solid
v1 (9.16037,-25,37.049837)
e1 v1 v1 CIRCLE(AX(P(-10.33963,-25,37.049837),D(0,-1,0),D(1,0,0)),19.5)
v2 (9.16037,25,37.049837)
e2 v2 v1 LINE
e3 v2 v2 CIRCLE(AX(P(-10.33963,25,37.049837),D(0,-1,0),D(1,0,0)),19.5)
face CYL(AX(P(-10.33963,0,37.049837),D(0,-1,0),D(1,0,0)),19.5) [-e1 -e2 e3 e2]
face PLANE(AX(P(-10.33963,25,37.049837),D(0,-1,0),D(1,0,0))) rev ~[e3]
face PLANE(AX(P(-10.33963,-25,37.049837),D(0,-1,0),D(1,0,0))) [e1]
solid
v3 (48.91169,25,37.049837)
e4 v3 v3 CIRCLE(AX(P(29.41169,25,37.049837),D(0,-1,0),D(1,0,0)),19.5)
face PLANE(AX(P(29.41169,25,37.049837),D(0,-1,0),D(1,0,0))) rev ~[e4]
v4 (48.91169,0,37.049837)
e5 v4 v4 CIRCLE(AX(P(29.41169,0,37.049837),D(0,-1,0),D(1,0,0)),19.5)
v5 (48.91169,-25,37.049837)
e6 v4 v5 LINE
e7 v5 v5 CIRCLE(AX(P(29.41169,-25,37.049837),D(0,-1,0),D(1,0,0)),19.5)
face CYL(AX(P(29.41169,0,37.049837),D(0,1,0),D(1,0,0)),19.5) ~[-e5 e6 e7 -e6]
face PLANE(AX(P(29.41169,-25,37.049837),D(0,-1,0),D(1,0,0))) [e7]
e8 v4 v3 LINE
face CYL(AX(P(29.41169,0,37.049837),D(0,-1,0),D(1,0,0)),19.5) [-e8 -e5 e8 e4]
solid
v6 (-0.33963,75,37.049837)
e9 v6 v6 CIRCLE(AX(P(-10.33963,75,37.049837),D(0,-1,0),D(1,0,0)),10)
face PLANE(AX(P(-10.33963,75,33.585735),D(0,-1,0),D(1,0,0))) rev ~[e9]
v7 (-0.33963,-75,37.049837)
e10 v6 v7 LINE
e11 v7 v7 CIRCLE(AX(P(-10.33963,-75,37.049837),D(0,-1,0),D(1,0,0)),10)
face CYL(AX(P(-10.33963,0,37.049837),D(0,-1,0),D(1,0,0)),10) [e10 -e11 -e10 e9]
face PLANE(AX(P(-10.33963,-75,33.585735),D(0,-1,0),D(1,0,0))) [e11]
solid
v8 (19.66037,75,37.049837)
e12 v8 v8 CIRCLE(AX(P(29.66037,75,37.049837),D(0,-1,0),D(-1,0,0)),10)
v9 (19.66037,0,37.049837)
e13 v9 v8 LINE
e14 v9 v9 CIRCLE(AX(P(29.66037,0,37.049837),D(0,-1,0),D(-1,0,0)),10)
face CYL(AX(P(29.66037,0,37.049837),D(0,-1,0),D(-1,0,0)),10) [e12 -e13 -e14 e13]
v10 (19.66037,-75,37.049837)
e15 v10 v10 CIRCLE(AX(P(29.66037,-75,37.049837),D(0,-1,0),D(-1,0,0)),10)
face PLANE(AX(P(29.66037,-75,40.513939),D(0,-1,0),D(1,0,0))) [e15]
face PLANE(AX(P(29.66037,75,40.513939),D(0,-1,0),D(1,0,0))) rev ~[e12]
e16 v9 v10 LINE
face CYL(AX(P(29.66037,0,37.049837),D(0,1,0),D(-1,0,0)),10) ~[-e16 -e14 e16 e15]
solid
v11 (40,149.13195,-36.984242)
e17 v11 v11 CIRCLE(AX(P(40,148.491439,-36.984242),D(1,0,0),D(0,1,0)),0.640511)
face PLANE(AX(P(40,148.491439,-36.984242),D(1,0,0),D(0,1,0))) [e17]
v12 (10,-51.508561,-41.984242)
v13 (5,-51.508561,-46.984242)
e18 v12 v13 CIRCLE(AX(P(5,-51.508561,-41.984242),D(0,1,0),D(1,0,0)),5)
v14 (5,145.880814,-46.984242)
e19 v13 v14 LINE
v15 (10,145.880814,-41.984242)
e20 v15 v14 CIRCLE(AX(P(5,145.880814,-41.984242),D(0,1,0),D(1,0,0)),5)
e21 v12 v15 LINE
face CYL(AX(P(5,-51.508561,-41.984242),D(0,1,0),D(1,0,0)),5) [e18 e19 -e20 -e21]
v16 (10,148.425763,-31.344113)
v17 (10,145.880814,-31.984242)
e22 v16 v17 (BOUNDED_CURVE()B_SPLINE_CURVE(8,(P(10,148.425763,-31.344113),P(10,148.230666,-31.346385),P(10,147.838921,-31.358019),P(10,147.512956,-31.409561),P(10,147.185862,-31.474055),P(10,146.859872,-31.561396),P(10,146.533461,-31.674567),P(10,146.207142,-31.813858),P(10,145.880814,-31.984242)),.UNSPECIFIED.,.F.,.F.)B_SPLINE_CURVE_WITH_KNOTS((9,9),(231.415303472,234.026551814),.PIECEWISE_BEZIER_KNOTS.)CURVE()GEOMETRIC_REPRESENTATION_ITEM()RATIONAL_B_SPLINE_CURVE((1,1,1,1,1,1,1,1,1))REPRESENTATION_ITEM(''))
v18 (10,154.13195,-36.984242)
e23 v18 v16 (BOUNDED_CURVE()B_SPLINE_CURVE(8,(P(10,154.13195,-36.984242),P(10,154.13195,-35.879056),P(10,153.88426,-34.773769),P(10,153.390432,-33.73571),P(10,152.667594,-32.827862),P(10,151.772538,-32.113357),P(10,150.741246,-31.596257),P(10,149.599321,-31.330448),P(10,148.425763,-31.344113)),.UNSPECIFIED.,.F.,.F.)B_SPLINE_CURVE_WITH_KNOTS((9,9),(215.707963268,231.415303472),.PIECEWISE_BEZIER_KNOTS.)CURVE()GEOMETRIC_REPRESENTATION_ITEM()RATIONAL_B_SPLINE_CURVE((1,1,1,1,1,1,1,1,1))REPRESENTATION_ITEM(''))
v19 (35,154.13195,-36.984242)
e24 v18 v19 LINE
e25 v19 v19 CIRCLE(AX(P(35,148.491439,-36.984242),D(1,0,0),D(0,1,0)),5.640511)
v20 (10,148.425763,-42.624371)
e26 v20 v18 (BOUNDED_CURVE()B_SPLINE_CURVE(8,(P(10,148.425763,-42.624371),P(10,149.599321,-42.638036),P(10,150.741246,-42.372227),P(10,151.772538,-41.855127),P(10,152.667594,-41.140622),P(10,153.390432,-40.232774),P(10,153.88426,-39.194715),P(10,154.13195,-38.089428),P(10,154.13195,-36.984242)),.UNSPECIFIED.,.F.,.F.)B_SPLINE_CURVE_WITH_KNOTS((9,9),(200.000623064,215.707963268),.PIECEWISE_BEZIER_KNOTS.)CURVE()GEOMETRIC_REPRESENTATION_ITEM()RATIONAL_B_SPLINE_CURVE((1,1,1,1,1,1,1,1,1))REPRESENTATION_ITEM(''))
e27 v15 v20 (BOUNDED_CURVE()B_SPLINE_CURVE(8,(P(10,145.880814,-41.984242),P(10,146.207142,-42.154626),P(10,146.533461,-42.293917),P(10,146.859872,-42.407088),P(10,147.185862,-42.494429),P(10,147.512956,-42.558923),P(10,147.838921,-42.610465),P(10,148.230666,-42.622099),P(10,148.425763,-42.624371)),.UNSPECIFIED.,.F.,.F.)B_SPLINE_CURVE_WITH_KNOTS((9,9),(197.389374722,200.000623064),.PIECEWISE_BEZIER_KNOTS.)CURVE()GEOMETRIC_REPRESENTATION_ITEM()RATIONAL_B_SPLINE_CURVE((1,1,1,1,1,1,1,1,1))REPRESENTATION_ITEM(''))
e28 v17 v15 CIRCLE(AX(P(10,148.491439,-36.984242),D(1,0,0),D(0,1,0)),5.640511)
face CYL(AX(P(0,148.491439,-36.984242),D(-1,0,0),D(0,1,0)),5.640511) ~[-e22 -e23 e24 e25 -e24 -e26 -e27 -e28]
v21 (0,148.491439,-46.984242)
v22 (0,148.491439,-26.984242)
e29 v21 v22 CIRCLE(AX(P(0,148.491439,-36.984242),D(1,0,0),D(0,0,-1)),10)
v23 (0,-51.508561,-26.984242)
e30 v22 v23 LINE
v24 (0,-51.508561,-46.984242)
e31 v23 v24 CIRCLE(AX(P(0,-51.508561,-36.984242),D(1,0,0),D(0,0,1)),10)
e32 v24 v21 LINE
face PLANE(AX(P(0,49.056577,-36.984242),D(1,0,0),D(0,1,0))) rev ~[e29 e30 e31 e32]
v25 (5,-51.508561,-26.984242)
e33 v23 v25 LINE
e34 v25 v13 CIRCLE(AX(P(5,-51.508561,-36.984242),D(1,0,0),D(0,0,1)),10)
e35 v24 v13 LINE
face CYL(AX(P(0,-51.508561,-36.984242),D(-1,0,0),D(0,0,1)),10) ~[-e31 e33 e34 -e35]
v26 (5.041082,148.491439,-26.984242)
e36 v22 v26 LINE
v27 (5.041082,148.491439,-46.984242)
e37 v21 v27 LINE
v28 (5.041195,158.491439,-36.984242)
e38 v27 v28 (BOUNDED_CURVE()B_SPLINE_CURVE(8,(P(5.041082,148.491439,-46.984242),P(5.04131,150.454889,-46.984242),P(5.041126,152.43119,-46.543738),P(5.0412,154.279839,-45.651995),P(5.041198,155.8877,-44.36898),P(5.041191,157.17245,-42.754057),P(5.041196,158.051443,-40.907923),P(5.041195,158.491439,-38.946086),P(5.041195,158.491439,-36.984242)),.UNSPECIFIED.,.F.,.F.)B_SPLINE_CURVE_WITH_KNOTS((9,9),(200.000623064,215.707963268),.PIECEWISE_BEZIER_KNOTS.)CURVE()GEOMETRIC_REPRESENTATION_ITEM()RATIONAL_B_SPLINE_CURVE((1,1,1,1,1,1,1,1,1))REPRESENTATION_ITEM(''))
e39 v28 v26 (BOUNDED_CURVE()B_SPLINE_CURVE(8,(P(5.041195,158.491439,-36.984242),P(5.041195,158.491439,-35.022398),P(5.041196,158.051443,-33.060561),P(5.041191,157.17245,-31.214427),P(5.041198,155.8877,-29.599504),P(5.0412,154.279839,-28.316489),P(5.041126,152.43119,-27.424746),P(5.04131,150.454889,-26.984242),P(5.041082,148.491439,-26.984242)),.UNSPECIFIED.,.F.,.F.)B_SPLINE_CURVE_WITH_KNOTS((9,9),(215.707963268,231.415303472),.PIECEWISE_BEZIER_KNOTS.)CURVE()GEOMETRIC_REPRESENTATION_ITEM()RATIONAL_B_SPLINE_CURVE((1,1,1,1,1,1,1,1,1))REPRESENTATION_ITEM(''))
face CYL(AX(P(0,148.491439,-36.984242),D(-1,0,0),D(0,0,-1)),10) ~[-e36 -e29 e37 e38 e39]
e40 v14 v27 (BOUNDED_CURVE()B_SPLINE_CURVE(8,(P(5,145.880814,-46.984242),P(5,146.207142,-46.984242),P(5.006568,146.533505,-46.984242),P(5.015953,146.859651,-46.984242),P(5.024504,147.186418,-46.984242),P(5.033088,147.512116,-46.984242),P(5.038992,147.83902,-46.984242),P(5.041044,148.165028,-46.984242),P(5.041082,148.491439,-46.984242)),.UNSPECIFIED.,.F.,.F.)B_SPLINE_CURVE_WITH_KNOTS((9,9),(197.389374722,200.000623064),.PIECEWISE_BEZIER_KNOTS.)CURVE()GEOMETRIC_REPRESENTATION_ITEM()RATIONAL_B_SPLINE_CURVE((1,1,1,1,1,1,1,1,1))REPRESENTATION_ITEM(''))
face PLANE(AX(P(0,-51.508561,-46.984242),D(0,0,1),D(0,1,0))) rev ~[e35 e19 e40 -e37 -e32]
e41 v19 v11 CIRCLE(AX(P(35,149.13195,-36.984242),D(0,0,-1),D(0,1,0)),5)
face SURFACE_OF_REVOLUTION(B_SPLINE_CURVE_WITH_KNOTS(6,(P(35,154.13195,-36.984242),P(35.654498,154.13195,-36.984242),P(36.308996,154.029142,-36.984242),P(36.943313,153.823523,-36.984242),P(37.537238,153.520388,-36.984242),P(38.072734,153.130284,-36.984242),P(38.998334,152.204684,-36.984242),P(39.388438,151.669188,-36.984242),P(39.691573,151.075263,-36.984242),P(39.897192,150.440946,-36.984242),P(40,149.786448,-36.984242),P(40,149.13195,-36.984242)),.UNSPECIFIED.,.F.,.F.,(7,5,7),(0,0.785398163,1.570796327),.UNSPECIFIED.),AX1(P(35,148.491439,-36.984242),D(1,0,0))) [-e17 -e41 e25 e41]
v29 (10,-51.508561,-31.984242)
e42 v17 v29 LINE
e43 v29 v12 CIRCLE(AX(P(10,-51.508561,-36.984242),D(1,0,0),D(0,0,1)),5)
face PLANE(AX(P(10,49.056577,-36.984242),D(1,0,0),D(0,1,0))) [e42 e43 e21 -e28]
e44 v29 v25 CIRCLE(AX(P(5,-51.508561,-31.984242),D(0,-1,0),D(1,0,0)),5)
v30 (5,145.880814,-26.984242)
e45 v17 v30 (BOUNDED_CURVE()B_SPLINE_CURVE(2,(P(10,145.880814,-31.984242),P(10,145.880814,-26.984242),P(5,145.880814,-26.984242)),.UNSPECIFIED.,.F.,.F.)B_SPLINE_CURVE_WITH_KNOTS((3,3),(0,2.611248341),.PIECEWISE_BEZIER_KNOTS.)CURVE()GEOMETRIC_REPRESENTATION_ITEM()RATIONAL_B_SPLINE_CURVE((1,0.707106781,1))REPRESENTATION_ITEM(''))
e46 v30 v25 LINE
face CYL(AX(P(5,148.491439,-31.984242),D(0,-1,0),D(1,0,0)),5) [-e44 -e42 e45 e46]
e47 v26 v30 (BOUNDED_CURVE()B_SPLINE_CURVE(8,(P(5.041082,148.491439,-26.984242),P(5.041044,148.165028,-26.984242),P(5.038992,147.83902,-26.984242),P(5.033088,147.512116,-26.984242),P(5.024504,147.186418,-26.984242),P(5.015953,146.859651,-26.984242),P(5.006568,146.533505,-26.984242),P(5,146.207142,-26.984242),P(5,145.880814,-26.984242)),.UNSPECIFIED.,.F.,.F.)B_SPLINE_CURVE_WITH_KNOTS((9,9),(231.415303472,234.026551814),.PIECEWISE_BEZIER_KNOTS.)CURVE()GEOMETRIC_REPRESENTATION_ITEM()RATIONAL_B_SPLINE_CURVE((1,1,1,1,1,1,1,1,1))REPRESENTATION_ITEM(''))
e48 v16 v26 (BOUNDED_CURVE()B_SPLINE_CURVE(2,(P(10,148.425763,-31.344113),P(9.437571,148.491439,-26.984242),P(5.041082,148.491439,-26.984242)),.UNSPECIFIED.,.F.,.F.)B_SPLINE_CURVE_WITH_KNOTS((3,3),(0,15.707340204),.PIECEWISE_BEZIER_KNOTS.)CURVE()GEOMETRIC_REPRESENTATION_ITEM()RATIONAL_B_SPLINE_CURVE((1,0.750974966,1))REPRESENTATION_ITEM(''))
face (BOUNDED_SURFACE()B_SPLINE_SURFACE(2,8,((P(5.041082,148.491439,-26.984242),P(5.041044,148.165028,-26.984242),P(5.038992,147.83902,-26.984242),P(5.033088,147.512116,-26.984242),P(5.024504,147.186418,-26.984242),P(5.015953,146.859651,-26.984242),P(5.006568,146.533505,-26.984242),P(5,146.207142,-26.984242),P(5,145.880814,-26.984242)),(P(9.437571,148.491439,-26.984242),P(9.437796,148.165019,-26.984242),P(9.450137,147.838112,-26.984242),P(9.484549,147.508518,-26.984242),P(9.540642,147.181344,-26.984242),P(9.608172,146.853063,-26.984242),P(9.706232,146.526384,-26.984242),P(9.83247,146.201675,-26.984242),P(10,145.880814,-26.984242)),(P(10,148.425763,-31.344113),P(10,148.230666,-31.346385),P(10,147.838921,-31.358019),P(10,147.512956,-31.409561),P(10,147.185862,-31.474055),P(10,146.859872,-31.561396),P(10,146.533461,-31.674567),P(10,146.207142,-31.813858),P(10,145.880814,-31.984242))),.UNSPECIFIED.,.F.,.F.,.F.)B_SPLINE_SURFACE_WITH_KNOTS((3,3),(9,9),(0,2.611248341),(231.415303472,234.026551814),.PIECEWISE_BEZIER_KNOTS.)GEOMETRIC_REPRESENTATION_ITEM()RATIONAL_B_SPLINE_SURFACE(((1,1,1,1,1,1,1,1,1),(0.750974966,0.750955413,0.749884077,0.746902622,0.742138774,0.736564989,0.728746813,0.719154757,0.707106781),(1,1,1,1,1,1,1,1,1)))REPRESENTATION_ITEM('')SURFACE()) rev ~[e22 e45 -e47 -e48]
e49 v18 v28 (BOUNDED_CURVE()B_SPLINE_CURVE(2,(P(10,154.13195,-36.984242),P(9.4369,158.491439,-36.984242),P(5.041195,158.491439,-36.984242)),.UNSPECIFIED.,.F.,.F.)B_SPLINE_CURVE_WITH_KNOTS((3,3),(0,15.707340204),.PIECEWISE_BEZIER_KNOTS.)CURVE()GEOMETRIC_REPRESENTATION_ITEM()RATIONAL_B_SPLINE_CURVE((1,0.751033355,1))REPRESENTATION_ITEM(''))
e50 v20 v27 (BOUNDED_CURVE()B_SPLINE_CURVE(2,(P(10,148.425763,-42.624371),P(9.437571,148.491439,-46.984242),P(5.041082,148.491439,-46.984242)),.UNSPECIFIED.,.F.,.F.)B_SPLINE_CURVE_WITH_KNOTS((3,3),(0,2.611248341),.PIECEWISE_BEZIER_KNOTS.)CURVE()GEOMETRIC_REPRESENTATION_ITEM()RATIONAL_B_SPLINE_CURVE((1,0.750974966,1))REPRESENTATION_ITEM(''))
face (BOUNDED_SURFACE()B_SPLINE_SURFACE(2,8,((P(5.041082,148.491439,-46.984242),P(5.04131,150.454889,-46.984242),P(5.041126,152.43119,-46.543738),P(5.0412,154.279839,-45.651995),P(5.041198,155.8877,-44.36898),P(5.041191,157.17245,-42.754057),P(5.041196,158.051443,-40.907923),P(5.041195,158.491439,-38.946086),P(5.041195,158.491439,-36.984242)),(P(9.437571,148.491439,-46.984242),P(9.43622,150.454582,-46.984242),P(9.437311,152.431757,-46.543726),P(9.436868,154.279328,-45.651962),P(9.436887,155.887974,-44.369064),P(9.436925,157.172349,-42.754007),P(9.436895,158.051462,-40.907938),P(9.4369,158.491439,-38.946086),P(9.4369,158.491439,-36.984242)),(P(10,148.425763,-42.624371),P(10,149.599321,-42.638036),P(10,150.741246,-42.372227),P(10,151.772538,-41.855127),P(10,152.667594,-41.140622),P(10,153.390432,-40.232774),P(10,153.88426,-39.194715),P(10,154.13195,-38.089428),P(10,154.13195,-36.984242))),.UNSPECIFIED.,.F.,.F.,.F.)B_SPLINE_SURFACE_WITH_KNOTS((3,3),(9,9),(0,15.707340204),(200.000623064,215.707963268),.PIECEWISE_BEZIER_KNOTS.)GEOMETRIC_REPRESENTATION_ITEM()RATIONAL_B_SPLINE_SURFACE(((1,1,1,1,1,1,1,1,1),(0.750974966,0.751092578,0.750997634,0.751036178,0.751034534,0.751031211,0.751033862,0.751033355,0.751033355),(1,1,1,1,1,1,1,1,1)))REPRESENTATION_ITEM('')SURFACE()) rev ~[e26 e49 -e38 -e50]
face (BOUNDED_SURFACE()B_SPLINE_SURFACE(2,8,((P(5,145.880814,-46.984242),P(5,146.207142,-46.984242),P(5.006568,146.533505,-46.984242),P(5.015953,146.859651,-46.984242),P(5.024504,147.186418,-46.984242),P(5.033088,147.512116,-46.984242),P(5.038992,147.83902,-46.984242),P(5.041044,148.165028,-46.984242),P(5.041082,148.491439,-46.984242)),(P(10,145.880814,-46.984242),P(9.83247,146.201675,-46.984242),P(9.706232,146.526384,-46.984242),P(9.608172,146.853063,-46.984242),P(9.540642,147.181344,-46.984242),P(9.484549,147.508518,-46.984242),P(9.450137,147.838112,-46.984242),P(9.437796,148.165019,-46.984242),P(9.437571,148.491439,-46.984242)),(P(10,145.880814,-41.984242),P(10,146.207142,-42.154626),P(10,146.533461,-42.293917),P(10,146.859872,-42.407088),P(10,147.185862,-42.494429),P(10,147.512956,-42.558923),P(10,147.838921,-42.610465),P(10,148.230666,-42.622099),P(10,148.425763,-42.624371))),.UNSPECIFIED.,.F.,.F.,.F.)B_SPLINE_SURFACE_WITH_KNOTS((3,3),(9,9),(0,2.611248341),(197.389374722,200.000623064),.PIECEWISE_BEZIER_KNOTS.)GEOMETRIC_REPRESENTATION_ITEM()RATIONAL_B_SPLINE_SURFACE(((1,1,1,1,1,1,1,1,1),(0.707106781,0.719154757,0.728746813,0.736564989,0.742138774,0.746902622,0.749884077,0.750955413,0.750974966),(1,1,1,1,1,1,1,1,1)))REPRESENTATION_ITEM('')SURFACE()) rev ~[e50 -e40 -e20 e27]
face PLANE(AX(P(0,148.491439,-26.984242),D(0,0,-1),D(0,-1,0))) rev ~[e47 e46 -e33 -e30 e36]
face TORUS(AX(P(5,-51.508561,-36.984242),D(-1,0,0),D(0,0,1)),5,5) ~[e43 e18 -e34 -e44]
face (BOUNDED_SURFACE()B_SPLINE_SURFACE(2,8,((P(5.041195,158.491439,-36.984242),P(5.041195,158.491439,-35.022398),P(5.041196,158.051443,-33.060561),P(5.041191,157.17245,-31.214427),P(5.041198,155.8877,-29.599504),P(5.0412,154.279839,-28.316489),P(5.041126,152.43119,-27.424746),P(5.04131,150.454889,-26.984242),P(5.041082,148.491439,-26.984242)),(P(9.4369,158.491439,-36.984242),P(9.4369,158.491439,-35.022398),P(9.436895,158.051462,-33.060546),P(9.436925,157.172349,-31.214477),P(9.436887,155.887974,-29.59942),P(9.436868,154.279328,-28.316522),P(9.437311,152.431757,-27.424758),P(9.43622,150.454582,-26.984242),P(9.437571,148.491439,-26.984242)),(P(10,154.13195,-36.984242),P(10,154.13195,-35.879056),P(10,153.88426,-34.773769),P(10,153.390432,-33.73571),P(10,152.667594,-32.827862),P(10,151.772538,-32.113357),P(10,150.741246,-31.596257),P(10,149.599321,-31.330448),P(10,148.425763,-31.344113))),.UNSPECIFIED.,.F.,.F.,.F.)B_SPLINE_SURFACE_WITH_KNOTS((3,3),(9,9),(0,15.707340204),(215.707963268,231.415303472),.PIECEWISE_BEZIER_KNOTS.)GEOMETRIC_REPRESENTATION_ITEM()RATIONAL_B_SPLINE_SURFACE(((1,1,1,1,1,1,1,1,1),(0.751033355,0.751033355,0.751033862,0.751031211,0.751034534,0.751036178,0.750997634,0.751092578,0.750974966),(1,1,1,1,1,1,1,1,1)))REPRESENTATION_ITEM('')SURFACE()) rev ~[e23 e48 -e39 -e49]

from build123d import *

# Parameters (mm, degrees)
F1_DEPTH = 75
F2_R     = 19.5
F3_DEPTH = 25
F4_R     = 5.640511
F5_DEPTH = 40
F6_DEPTH = 10
F7_R     = 5


with BuildPart() as f1:
    # F0 (on Front) → F1 (new body, symmetric)
    with BuildSketch(Plane.XZ):
        with BuildLine():
            Line((19.66037, 37.049837), (39.66037, 37.049837))
            ThreePointArc((39.66037, 37.049837), (29.66037, 47.049837), (19.66037, 37.049837))
        make_face()
        with BuildLine():
            ThreePointArc((-20.33963, 37.049837), (-10.33963, 27.049837), (-0.33963, 37.049837))
            Line((-0.33963, 37.049837), (-20.33963, 37.049837))
        make_face()
        with BuildLine():
            Line((-20.33963, 37.049837), (-0.33963, 37.049837))
            ThreePointArc((-0.33963, 37.049837), (-10.33963, 47.049837), (-20.33963, 37.049837))
        make_face()
        with BuildLine():
            ThreePointArc((19.66037, 37.049837), (29.66037, 27.049837), (39.66037, 37.049837))
            Line((39.66037, 37.049837), (19.66037, 37.049837))
        make_face()
    extrude(amount=F1_DEPTH, both=True)


with BuildPart() as f3:
    # F2 (on Front) → F3 (new body, symmetric)
    with BuildSketch(Plane.XZ):
        with Locations((29.41169, 37.049837)):
            Circle(F2_R)
        with Locations((-10.33963, 37.049837)):
            Circle(F2_R)
    extrude(amount=F3_DEPTH, both=True)


with BuildPart() as f5:
    # F4 (on Right) → F5 (new body)
    with BuildSketch(Plane.YZ):
        with Locations((148.491439, -36.984242)):
            Circle(F4_R)
    extrude(amount=F5_DEPTH)

    # F4 (on Right) → F6 (join)
    with BuildSketch(Plane.YZ):
        with BuildLine():
            Line((148.491439, -26.984242), (-51.508561, -26.984242))
            ThreePointArc((-51.508561, -26.984242), (-44.437493, -29.913174), (-41.508561, -36.984242))
            ThreePointArc((-41.508561, -36.984242), (-44.437493, -44.055309), (-51.508561, -46.984242))
            Line((-51.508561, -46.984242), (148.491439, -46.984242))
            ThreePointArc((148.491439, -46.984242), (158.491439, -36.984242), (148.491439, -26.984242))
        make_face()
        with Locations((148.491439, -36.984242)):
            Circle(F4_R, mode=Mode.SUBTRACT)
        with BuildLine():
            ThreePointArc((-41.508561, -36.984242), (-44.437493, -29.913174), (-51.508561, -26.984242))
            ThreePointArc((-51.508561, -26.984242), (-61.508561, -36.984242), (-51.508561, -46.984242))
            ThreePointArc((-51.508561, -46.984242), (-44.437493, -44.055309), (-41.508561, -36.984242))
        make_face()
    extrude(amount=F6_DEPTH)

    # F7
    f7_edges = [f5.edges().sort_by_distance(p)[0] for p in [
        (10, 48.491439, -46.984242),
        (40, 142.850928, -36.984242),
    ]]
    fillet(f7_edges, radius=F7_R)


solid = Compound([f1.part, f3.part, f5.part])
